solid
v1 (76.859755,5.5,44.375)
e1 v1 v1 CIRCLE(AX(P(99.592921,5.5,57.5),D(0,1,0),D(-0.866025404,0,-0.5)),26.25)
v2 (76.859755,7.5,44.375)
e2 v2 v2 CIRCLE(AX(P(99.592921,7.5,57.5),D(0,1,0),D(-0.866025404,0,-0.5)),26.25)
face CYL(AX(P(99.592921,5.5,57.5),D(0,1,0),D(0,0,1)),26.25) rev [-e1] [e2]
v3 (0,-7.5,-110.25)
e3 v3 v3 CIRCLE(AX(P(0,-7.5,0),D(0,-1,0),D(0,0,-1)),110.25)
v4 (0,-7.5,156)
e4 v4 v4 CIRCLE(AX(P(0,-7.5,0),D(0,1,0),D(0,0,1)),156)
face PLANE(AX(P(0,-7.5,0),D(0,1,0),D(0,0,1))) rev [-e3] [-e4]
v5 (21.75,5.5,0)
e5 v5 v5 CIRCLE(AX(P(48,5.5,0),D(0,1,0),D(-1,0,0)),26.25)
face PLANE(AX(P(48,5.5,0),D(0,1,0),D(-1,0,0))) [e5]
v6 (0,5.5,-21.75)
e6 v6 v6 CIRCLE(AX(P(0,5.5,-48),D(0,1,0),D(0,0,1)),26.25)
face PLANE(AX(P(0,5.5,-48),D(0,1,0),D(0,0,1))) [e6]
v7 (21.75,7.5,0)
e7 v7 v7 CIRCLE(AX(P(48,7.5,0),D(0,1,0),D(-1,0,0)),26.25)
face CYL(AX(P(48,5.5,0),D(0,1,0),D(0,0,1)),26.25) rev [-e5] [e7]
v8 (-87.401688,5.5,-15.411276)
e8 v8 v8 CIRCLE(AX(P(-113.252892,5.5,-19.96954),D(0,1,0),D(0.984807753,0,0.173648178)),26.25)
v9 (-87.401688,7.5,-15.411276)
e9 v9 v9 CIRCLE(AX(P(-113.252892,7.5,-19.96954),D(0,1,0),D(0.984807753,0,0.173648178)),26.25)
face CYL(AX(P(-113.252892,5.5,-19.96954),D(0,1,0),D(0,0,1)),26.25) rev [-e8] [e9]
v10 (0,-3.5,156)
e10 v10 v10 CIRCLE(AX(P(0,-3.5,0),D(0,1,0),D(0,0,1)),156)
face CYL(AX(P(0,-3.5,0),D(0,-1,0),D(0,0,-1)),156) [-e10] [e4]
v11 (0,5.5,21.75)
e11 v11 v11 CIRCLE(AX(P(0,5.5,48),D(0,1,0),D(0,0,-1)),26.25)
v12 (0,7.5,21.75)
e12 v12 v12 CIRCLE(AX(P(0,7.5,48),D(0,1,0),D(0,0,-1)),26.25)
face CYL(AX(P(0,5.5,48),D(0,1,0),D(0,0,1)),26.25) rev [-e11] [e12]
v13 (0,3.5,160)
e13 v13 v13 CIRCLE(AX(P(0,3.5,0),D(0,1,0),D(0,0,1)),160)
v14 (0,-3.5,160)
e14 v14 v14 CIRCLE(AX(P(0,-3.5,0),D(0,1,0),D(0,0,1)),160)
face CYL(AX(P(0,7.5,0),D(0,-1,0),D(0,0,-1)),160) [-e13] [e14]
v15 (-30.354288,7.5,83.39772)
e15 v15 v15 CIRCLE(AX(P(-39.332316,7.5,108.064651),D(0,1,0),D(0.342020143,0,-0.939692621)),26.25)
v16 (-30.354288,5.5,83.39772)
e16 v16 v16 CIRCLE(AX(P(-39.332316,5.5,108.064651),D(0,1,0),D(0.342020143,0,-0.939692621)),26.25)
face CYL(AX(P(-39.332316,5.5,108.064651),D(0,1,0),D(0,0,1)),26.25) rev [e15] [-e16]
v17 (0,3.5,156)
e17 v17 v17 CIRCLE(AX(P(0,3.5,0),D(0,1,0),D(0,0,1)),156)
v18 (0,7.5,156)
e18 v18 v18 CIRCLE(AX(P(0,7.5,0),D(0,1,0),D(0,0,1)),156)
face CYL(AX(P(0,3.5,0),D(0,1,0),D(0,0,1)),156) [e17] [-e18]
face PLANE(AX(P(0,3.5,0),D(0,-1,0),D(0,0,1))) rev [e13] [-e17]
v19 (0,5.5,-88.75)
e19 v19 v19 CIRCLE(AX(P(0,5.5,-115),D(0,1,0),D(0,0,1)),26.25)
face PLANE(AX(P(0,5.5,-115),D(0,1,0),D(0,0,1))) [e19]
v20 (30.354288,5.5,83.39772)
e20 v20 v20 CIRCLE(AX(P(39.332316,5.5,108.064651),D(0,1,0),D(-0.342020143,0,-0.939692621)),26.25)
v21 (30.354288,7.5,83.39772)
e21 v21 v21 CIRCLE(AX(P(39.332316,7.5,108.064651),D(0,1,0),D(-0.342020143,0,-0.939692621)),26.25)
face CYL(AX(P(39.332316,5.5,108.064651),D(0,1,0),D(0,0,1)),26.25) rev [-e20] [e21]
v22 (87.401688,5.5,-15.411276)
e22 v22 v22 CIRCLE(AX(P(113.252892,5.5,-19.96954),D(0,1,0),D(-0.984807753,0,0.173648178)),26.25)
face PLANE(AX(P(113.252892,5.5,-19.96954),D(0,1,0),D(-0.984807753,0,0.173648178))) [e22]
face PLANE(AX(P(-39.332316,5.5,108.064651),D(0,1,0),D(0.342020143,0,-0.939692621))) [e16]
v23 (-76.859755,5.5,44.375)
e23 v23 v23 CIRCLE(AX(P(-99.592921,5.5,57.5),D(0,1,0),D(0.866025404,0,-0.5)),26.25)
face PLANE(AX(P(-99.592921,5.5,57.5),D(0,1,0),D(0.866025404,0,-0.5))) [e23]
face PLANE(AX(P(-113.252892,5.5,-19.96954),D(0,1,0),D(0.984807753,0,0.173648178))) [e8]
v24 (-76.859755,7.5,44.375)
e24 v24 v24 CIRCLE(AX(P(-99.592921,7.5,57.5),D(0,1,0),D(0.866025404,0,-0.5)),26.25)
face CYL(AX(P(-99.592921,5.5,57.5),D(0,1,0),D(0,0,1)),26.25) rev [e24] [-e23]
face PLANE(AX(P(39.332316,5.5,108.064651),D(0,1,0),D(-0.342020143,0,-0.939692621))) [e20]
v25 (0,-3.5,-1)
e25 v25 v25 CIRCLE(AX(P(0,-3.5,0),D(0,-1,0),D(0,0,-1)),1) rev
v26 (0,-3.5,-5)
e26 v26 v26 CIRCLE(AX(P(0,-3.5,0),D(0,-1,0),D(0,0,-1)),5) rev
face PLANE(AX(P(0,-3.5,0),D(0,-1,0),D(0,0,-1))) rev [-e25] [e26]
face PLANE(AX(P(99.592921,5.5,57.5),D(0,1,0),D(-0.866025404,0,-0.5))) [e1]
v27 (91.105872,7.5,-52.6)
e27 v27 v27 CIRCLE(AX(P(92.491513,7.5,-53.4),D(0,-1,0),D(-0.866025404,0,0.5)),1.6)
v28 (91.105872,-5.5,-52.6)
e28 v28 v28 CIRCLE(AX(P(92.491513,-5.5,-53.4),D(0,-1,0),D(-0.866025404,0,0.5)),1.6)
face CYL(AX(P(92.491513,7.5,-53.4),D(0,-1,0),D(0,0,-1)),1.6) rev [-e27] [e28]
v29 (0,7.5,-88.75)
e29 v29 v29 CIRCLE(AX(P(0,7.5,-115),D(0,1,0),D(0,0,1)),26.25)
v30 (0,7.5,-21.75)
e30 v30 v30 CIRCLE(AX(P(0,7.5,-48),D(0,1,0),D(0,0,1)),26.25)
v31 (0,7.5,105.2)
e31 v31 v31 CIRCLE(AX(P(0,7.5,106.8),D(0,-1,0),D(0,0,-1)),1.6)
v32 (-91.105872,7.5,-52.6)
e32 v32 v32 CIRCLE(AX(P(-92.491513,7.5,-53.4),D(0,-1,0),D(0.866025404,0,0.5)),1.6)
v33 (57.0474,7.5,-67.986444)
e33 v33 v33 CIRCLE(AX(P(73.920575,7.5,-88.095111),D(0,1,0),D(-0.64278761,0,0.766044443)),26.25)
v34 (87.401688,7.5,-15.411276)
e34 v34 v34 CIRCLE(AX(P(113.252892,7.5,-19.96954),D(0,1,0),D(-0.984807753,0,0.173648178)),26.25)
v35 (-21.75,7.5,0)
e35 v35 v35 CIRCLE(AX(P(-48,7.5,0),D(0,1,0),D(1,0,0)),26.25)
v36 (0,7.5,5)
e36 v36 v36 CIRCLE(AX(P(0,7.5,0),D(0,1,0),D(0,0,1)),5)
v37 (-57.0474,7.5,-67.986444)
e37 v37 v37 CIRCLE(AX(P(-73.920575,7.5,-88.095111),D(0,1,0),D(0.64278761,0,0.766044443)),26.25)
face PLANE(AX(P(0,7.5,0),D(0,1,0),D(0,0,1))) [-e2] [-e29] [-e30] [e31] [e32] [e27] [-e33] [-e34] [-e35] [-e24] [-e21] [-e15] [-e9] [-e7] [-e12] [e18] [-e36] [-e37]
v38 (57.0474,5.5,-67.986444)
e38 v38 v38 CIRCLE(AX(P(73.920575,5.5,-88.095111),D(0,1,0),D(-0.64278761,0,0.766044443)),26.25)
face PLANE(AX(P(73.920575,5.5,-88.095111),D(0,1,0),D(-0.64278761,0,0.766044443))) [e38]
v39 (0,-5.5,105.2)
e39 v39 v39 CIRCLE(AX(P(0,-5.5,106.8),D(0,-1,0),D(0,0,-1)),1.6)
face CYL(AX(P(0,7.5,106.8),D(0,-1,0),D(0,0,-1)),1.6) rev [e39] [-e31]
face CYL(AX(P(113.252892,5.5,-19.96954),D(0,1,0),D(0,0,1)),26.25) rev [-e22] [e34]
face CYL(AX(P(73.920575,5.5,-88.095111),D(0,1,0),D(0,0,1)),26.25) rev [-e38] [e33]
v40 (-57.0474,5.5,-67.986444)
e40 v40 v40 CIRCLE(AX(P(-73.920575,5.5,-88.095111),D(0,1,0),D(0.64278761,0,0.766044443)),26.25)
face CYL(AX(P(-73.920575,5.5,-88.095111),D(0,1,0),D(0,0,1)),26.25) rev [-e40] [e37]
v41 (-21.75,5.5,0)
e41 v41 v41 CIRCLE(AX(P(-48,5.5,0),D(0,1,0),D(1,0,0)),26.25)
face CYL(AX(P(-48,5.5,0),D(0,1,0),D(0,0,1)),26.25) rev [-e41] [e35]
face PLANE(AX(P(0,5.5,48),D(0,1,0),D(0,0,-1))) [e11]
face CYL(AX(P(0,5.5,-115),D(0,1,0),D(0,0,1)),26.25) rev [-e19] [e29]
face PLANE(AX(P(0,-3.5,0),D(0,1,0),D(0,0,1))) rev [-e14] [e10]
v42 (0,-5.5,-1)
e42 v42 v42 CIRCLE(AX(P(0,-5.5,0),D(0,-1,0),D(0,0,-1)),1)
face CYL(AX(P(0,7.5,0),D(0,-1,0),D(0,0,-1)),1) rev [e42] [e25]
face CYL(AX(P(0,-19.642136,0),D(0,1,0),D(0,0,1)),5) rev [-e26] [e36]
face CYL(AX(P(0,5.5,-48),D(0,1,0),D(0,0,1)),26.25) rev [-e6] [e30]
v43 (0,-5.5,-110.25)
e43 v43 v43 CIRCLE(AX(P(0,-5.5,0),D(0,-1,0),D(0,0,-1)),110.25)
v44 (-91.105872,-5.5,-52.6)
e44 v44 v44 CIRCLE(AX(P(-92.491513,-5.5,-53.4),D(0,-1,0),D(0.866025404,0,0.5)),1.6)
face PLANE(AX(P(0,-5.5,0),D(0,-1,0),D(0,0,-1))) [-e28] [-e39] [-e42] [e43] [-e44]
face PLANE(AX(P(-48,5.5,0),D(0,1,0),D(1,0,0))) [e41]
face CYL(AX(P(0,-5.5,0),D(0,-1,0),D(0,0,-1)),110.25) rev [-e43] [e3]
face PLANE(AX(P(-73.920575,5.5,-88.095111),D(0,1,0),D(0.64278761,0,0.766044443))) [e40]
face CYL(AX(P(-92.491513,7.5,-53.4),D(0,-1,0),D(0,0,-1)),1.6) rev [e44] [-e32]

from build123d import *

# Parameters (mm, degrees)
ESQUISSE1_R                  = 160
BOSS_EXTRU_1_DEPTH           = 7.5
ESQUISSE2_R                  = 110.25
ENL_V_MAT_EXTRU_1_DEPTH      = 2
ESQUISSE3_R                  = 1.6
ENL_V_MAT_EXTRU_2_DEPTH      = 14
R_P_TITION_CIRCULAIRE1_COUNT = 3
ESQUISSE4_R                  = 1
ENL_V_MAT_EXTRU_3_DEPTH      = 14
ESQUISSE10_R                 = 5
ENL_V_MAT_EXTRU_6_DEPTH      = 11
ESQUISSE11_R                 = 160
ESQUISSE11_R_2               = 156
ENL_V_MAT_EXTRU_7_DEPTH      = 4
ESQUISSE8_R                  = 26.25
ENL_V_MAT_EXTRU_4_DEPTH      = 2
R_P_TITION_CIRCULAIRE2_COUNT = 9
ESQUISSE9_R                  = 26.25
ENL_V_MAT_EXTRU_5_DEPTH      = 2
R_P_TITION_CIRCULAIRE3_COUNT = 4


with BuildPart() as part:
    # Esquisse1 → Boss.-Extru.1 (new body, symmetric)
    with BuildSketch(Plane(origin=(0, 0, 0), x_dir=(1, 0, 0), z_dir=(0, 1, 0))):
        Circle(ESQUISSE1_R)
    extrude(amount=BOSS_EXTRU_1_DEPTH, both=True)

    # Esquisse2 → Enlèv. mat.-Extru.1 (cut)
    with BuildSketch(Plane.XZ.offset(7.5)):
        Circle(ESQUISSE2_R)
    extrude(amount=-ENL_V_MAT_EXTRU_1_DEPTH, mode=Mode.SUBTRACT)

    # Esquisse3 → Enlèv. mat.-Extru.2 (cut, through all)
    with BuildSketch(Plane(origin=(0, -5.5, 0), x_dir=(-1, 0, 0), z_dir=(0, -1, 0))):
        with Locations((0, -106.8)):
            Circle(ESQUISSE3_R)
    enl_v_mat_extru_2 = extrude(amount=-ENL_V_MAT_EXTRU_2_DEPTH, mode=Mode.SUBTRACT)

    # Répétition circulaire1: Enlèv. mat.-Extru.2 ×3 about axis
    r_p_tition_circulaire1_axis = Axis((0, 0, 0), (0, 1, 0))
    for i in range(1, R_P_TITION_CIRCULAIRE1_COUNT):
        add(enl_v_mat_extru_2.rotate(r_p_tition_circulaire1_axis, i * 360 / R_P_TITION_CIRCULAIRE1_COUNT), mode=Mode.SUBTRACT)

    # Esquisse4 → Enlèv. mat.-Extru.3 (cut, through all)
    with BuildSketch(Plane.XZ.offset(5.5)):
        Circle(ESQUISSE4_R)
    extrude(amount=-ENL_V_MAT_EXTRU_3_DEPTH, mode=Mode.SUBTRACT)

    # Esquisse10 → Enlèv. mat.-Extru.6 (cut)
    with BuildSketch(Plane(origin=(0, 7.5, 0), x_dir=(1, 0, 0), z_dir=(0, 1, 0))):
        Circle(ESQUISSE10_R)
    extrude(amount=-ENL_V_MAT_EXTRU_6_DEPTH, mode=Mode.SUBTRACT)

    # Esquisse11 → Enlèv. mat.-Extru.7 (cut)
    with BuildSketch(Plane(origin=(0, -7.5, 0), x_dir=(1, 0, 0), z_dir=(0, 1, 0))):
        Circle(ESQUISSE11_R)
        Circle(ESQUISSE11_R_2, mode=Mode.SUBTRACT)
    enl_v_mat_extru_7 = extrude(amount=ENL_V_MAT_EXTRU_7_DEPTH, mode=Mode.SUBTRACT)

    # Symétrie1: Enlèv. mat.-Extru.7 across plane
    add(enl_v_mat_extru_7.mirror(Plane.ZX), mode=Mode.SUBTRACT)

    # Esquisse8 → Enlèv. mat.-Extru.4 (cut)
    with BuildSketch(Plane(origin=(0, 7.5, 0), x_dir=(1, 0, 0), z_dir=(0, 1, 0))):
        with Locations((0, 115)):
            Circle(ESQUISSE8_R)
    enl_v_mat_extru_4 = extrude(amount=-ENL_V_MAT_EXTRU_4_DEPTH, mode=Mode.SUBTRACT)

    # Répétition circulaire2: Enlèv. mat.-Extru.4 ×9 about axis
    r_p_tition_circulaire2_axis = Axis((0, 0, 0), (0, 1, 0))
    for i in range(1, R_P_TITION_CIRCULAIRE2_COUNT):
        add(enl_v_mat_extru_4.rotate(r_p_tition_circulaire2_axis, i * 360 / R_P_TITION_CIRCULAIRE2_COUNT), mode=Mode.SUBTRACT)

    # Esquisse9 → Enlèv. mat.-Extru.5 (cut)
    with BuildSketch(Plane(origin=(0, 7.5, 0), x_dir=(1, 0, 0), z_dir=(0, 1, 0))):
        with Locations((0, 48)):
            Circle(ESQUISSE9_R)
    enl_v_mat_extru_5 = extrude(amount=-ENL_V_MAT_EXTRU_5_DEPTH, mode=Mode.SUBTRACT)

    # Répétition circulaire3: Enlèv. mat.-Extru.5 ×4 about axis
    r_p_tition_circulaire3_axis = Axis((0, 0, 0), (0, 1, 0))
    for i in range(1, R_P_TITION_CIRCULAIRE3_COUNT):
        add(enl_v_mat_extru_5.rotate(r_p_tition_circulaire3_axis, i * 360 / R_P_TITION_CIRCULAIRE3_COUNT), mode=Mode.SUBTRACT)


solid = part.part
